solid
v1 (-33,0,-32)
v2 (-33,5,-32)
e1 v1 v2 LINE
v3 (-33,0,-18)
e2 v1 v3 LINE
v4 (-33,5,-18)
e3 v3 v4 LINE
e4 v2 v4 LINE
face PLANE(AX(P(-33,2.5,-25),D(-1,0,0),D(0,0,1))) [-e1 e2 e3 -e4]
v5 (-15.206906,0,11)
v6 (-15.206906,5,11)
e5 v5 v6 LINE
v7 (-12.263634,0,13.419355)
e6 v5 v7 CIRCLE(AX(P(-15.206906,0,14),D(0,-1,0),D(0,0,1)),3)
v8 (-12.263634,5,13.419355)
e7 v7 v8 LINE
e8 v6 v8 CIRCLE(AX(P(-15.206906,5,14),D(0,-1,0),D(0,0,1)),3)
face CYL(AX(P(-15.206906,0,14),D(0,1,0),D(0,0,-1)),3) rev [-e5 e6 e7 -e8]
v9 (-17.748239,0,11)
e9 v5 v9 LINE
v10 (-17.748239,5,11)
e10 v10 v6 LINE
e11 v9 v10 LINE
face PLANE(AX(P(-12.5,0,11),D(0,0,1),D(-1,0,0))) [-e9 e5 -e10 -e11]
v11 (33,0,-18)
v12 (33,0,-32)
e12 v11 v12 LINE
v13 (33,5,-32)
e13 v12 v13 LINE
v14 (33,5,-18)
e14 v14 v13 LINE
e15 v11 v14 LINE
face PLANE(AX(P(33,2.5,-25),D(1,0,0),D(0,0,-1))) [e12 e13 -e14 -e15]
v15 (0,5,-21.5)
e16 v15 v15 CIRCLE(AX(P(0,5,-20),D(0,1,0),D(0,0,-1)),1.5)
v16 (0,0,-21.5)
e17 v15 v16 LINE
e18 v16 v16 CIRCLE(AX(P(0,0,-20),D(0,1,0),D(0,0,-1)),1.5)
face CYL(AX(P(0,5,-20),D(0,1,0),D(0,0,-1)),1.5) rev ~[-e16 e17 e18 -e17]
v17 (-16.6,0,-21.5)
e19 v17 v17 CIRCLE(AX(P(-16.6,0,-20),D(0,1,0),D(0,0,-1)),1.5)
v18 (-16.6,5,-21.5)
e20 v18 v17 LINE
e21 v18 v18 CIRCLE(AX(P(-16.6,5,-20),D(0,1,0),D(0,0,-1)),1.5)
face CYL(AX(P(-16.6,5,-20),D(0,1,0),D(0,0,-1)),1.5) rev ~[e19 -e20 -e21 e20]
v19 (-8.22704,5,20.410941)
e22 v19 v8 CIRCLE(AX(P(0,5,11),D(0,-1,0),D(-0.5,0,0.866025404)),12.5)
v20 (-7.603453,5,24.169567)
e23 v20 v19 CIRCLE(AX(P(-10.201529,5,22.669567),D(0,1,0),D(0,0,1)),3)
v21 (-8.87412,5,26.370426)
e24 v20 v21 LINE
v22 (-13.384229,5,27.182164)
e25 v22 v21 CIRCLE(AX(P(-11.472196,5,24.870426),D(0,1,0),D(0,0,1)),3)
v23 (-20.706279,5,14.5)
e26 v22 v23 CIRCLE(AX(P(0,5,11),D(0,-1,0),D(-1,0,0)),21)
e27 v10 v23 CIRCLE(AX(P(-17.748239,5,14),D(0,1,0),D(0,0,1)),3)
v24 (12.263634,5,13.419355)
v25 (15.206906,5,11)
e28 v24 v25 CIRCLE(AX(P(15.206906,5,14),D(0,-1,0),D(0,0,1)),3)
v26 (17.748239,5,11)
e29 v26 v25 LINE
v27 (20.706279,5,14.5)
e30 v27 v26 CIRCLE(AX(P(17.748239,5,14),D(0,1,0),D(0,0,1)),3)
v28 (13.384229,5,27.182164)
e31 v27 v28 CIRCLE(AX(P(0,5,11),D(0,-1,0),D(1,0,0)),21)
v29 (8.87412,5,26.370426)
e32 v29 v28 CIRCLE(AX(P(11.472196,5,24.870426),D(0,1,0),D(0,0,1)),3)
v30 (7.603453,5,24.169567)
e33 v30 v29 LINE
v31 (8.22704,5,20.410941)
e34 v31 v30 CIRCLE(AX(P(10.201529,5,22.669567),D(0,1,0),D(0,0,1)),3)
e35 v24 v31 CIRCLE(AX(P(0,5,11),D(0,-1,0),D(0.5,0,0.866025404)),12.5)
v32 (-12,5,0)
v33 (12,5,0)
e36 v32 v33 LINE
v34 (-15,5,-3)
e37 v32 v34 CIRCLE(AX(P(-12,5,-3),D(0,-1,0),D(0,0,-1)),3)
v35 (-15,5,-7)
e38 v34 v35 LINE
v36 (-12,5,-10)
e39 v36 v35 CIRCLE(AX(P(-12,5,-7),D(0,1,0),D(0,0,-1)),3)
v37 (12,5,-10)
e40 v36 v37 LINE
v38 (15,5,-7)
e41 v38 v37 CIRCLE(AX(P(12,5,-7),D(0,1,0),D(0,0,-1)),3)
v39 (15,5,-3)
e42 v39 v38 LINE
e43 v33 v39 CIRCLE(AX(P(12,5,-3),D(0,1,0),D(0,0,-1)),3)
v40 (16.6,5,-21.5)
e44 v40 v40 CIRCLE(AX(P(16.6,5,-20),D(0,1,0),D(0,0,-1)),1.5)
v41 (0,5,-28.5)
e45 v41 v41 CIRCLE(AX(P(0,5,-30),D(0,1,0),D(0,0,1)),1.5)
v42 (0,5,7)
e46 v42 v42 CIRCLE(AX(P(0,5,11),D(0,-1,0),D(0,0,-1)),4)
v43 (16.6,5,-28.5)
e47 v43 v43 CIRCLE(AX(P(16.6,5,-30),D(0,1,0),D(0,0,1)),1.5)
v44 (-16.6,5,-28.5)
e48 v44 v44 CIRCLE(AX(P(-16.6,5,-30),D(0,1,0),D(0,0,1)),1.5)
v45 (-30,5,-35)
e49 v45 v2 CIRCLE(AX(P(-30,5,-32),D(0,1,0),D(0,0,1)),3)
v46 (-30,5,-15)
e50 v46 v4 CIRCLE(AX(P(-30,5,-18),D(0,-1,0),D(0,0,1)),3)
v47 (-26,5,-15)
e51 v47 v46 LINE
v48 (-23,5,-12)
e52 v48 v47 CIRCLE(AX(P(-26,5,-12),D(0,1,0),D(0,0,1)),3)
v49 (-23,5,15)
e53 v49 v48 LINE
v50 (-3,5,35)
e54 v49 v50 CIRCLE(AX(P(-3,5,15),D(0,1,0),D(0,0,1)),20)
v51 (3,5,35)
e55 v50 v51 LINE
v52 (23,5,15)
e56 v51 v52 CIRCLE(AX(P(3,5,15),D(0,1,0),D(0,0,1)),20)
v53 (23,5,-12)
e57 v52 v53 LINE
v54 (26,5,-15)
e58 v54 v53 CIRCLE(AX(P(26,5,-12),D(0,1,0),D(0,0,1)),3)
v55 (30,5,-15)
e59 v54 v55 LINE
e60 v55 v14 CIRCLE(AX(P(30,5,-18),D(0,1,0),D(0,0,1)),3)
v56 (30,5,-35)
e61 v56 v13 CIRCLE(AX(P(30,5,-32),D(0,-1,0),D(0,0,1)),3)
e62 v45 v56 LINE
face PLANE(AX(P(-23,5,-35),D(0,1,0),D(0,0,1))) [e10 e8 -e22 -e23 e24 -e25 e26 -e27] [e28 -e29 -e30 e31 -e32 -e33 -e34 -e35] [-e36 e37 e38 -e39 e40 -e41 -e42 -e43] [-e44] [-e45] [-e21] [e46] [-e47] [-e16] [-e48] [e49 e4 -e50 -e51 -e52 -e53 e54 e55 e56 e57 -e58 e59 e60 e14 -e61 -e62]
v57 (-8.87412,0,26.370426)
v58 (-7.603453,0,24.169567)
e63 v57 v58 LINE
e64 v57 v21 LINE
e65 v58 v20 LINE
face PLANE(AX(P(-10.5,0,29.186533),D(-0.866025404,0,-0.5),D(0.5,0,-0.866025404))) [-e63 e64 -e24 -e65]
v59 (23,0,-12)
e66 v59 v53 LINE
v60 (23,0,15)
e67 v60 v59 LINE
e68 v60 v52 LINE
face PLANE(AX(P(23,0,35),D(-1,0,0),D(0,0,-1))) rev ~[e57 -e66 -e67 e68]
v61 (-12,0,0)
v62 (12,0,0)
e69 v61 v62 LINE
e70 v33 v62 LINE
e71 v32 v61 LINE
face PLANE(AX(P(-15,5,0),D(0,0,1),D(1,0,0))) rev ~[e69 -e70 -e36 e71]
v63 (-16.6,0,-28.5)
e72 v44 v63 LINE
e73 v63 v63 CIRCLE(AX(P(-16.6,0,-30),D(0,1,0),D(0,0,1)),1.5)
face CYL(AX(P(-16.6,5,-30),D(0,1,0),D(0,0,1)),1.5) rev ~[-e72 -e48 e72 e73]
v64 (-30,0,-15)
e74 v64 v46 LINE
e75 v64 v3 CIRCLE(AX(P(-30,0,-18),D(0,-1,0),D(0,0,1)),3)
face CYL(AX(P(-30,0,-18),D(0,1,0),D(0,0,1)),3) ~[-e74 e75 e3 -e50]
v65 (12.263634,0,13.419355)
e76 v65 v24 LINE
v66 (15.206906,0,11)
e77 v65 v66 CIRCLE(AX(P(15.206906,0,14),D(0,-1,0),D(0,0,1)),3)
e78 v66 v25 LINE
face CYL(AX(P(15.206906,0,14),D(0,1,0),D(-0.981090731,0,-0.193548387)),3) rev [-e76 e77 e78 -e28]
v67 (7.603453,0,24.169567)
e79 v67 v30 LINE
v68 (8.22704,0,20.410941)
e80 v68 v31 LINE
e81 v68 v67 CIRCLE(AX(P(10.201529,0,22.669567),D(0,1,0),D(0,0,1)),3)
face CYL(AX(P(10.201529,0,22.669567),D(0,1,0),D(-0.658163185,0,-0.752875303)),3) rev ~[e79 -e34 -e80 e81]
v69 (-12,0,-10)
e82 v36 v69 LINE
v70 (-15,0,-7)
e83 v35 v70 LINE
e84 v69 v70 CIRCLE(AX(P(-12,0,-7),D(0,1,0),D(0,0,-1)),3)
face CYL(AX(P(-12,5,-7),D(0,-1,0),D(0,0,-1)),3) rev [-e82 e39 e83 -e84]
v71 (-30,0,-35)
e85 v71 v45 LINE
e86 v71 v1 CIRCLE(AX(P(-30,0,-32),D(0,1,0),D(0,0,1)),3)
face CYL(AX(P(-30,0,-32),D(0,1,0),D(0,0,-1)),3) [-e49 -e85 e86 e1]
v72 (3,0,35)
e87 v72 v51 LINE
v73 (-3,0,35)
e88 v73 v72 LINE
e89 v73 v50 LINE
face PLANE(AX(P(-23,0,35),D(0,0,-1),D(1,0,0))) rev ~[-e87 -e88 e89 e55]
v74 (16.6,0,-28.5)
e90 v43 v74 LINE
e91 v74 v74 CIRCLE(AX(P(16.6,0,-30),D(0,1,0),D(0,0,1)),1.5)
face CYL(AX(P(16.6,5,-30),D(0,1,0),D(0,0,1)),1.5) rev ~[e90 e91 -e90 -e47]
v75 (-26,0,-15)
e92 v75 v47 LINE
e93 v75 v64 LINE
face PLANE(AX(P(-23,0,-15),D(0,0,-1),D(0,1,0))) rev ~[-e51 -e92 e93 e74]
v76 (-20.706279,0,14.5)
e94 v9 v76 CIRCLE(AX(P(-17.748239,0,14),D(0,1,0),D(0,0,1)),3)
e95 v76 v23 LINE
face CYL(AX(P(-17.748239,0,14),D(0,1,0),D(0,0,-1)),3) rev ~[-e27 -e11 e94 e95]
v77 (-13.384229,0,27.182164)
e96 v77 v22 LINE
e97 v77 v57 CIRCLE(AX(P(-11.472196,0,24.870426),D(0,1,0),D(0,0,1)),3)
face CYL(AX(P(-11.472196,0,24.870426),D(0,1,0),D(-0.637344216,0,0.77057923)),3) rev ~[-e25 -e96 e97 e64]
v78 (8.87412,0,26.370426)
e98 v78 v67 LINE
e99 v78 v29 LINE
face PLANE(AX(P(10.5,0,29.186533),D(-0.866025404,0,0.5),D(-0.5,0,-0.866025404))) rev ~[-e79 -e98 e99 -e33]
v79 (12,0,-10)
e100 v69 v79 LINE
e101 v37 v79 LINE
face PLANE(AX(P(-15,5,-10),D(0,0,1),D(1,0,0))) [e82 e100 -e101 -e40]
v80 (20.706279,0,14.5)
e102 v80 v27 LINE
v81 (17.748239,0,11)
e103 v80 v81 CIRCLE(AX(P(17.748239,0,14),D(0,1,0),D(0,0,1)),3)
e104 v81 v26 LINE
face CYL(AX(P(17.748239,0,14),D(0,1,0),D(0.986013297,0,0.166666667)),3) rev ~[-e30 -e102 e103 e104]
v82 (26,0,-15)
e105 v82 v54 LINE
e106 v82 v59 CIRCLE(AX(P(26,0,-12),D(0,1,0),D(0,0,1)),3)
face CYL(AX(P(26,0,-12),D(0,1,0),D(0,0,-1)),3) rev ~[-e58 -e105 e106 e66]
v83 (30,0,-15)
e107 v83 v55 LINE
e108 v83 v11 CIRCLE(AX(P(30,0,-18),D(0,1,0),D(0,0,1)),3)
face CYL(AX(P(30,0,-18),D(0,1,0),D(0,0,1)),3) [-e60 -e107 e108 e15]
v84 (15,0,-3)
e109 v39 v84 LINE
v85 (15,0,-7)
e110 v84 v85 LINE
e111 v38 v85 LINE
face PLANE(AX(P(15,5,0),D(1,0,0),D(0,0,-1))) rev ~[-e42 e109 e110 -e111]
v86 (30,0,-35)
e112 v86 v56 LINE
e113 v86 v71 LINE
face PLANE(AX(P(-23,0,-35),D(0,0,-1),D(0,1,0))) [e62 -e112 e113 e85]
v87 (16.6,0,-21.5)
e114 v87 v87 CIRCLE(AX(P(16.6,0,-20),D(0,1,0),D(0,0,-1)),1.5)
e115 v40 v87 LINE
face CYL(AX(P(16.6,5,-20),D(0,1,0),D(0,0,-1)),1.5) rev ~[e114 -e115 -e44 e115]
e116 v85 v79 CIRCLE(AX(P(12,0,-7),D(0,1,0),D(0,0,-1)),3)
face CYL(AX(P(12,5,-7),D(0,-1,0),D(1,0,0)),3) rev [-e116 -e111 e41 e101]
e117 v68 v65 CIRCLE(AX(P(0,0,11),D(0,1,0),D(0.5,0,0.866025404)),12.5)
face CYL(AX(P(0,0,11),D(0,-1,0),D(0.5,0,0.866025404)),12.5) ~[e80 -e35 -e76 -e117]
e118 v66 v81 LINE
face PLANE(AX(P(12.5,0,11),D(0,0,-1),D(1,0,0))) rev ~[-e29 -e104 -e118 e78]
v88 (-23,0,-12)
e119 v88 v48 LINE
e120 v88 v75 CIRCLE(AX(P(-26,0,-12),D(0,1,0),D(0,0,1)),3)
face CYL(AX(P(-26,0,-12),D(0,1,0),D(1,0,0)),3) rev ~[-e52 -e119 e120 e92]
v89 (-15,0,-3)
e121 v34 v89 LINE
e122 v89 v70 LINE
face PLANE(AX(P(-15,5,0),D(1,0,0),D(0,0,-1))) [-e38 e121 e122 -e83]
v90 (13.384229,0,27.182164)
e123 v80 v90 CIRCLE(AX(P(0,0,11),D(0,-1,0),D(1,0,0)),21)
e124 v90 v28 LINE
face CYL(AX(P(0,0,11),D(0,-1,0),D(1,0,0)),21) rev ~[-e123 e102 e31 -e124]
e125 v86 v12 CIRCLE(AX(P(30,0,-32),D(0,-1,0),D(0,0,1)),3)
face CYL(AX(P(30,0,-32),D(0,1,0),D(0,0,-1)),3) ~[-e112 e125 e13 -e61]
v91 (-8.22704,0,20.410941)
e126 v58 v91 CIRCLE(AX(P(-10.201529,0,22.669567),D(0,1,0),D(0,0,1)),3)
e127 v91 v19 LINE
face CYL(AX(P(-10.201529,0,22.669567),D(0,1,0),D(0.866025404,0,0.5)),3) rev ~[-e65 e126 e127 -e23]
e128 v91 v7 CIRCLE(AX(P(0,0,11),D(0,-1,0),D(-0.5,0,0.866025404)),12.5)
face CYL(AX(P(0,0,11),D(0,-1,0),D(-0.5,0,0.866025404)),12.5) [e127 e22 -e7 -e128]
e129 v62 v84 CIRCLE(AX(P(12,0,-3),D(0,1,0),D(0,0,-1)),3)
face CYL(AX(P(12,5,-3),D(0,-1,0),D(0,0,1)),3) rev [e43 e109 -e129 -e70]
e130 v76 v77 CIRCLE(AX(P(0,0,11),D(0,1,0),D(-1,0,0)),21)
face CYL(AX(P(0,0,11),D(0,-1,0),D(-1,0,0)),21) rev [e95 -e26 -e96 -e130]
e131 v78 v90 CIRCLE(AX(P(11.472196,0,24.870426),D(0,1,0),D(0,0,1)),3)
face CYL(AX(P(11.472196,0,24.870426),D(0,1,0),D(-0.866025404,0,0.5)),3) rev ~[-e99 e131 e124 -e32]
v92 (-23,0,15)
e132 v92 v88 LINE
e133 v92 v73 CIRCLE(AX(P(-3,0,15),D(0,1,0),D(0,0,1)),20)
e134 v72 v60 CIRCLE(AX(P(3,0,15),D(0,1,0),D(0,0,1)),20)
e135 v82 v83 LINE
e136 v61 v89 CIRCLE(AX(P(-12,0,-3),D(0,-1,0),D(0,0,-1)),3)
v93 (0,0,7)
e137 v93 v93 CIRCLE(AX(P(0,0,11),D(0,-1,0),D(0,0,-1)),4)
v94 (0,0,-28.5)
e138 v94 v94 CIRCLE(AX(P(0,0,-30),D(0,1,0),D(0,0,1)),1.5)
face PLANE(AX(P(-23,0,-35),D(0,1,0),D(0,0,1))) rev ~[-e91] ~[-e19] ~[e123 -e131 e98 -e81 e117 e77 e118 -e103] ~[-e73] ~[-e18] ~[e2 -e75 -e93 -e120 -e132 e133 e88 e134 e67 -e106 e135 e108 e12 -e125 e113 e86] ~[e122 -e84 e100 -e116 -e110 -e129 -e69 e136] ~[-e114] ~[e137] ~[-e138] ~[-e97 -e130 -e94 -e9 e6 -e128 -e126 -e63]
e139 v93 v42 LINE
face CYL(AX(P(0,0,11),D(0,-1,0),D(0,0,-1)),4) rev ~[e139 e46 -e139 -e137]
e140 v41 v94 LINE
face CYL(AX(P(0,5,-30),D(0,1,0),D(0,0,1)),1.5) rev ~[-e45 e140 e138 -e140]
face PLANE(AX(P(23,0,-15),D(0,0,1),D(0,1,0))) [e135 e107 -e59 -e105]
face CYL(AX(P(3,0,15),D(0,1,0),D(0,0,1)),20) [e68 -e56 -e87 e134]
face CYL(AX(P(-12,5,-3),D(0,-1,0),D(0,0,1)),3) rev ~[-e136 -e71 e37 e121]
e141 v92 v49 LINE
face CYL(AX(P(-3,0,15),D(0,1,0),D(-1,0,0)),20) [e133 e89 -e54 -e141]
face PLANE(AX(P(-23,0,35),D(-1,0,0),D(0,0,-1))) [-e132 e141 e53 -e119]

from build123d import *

# Parameters (mm, degrees)
SKETCH_1_W          = 46
SKETCH_1_H          = 70
EXTRUDE_1_DEPTH     = 5
SKETCH_2_R          = 4
CUT_EXTRUDE_1_DEPTH = 43.178193418
FILLET_1_R          = 20
CUT_EXTRUDE_4_DEPTH = 43.178193418
FILLET_3_R          = 3
SKETCH_8_W          = 20
SKETCH_8_H          = 5
EXTRUDE_2_DEPTH     = 10
SKETCH_9_W          = 20
SKETCH_9_H          = 5
EXTRUDE_3_DEPTH     = 10
FILLET_6_R          = 3
SKETCH_10_R         = 1.5
CUT_EXTRUDE_5_DEPTH = 49.363209157
SKETCH_11_W         = 30
SKETCH_11_H         = 10
CUT_EXTRUDE_6_DEPTH = 49.363209157
FILLET_7_R          = 3


with BuildPart() as part:
    # 草图1 → 凸台-拉伸1 (new body)
    with BuildSketch(Plane(origin=(0, 0, 0), x_dir=(1, 0, 0), z_dir=(0, 1, 0))):
        Rectangle(SKETCH_1_W, SKETCH_1_H)
    extrude(amount=EXTRUDE_1_DEPTH)

    # 草图2 → 切除-拉伸1 (cut, through all)
    with BuildSketch(Plane.XZ):
        with Locations(Location((0, 11, 0), (0, 0, 270))):
            Circle(SKETCH_2_R)
    extrude(amount=-CUT_EXTRUDE_1_DEPTH, mode=Mode.SUBTRACT)

    # 圆角1
    fillet_1_edges = [part.edges().sort_by_distance(p)[0] for p in [
        (23, 2.5, 35),
        (-23, 2.5, 35),
    ]]
    fillet(fillet_1_edges, radius=FILLET_1_R)

    # 草图6 → 切除-拉伸4 (cut, through all)
    with BuildSketch(Plane.XZ):
        with BuildLine():
            Line((12.5, 11), (21, 11))
            ThreePointArc((21, 11), (18.186533479, 21.5), (10.5, 29.186533479))
            Line((10.5, 29.186533479), (6.25, 21.825317547))
            ThreePointArc((6.25, 21.825317547), (10.825317547, 17.25), (12.5, 11))
        make_face()
        with BuildLine():
            Line((-12.5, 11), (-21, 11))
            ThreePointArc((-21, 11), (-18.186533479, 21.5), (-10.5, 29.186533479))
            Line((-10.5, 29.186533479), (-6.25, 21.825317547))
            ThreePointArc((-6.25, 21.825317547), (-10.825317547, 17.25), (-12.5, 11))
        make_face()
    extrude(amount=-CUT_EXTRUDE_4_DEPTH, mode=Mode.SUBTRACT)

    # 圆角3
    fillet_3_edges = [part.edges().sort_by_distance(p)[0] for p in [
        (-6.25, 2.5, 21.825317547),
        (-12.5, 2.5, 11),
        (-21, 2.5, 11),
        (-10.5, 2.5, 29.186533479),
        (12.5, 2.5, 11),
        (6.25, 2.5, 21.825317547),
        (10.5, 2.5, 29.186533479),
        (21, 2.5, 11),
    ]]
    fillet(fillet_3_edges, radius=FILLET_3_R)

    # 草图8 → 凸台-拉伸2 (add)
    with BuildSketch(Plane(origin=(23, 0, 0), x_dir=(0, 0, -1), z_dir=(1, 0, 0))):
        with Locations((25, 2.5)):
            Rectangle(SKETCH_8_W, SKETCH_8_H)
    extrude(amount=EXTRUDE_2_DEPTH)

    # 草图9 → 凸台-拉伸3 (add)
    with BuildSketch(Plane.ZY.offset(23)):
        with Locations((-25, 2.5)):
            Rectangle(SKETCH_9_W, SKETCH_9_H)
    extrude(amount=EXTRUDE_3_DEPTH)

    # 圆角6
    fillet_6_edges = [part.edges().sort_by_distance(p)[0] for p in [
        (23, 2.5, -15),
        (33, 2.5, -35),
        (33, 2.5, -15),
        (-23, 2.5, -15),
        (-33, 2.5, -35),
        (-33, 2.5, -15),
    ]]
    fillet(fillet_6_edges, radius=FILLET_6_R)

    # 草图10 → 切除-拉伸5 (cut, through all)
    with BuildSketch(Plane(origin=(0, 5, 0), x_dir=(1, 0, 0), z_dir=(0, 1, 0))):
        with Locations(Location((-16.6, 30, 0), (0, 0, 270))):
            Circle(SKETCH_10_R)
        with Locations(Location((0, 30, 0), (0, 0, 270))):
            Circle(SKETCH_10_R)
        with Locations(Location((16.6, 30, 0), (0, 0, 270))):
            Circle(SKETCH_10_R)
        with Locations(Location((16.6, 20, 0), (0, 0, 90))):
            Circle(SKETCH_10_R)
        with Locations(Location((0, 20, 0), (0, 0, 90))):
            Circle(SKETCH_10_R)
        with Locations(Location((-16.6, 20, 0), (0, 0, 90))):
            Circle(SKETCH_10_R)
    extrude(amount=-CUT_EXTRUDE_5_DEPTH, mode=Mode.SUBTRACT)

    # 草图11 → 切除-拉伸6 (cut, through all)
    with BuildSketch(Plane(origin=(0, 5, 0), x_dir=(1, 0, 0), z_dir=(0, 1, 0))):
        with Locations((0, 5)):
            Rectangle(SKETCH_11_W, SKETCH_11_H)
    extrude(amount=-CUT_EXTRUDE_6_DEPTH, mode=Mode.SUBTRACT)

    # 圆角7
    fillet_7_edges = [part.edges().sort_by_distance(p)[0] for p in [
        (15, 2.5, -10),
        (15, 2.5, 0),
        (-15, 2.5, 0),
        (-15, 2.5, -10),
    ]]
    fillet(fillet_7_edges, radius=FILLET_7_R)


solid = part.part
